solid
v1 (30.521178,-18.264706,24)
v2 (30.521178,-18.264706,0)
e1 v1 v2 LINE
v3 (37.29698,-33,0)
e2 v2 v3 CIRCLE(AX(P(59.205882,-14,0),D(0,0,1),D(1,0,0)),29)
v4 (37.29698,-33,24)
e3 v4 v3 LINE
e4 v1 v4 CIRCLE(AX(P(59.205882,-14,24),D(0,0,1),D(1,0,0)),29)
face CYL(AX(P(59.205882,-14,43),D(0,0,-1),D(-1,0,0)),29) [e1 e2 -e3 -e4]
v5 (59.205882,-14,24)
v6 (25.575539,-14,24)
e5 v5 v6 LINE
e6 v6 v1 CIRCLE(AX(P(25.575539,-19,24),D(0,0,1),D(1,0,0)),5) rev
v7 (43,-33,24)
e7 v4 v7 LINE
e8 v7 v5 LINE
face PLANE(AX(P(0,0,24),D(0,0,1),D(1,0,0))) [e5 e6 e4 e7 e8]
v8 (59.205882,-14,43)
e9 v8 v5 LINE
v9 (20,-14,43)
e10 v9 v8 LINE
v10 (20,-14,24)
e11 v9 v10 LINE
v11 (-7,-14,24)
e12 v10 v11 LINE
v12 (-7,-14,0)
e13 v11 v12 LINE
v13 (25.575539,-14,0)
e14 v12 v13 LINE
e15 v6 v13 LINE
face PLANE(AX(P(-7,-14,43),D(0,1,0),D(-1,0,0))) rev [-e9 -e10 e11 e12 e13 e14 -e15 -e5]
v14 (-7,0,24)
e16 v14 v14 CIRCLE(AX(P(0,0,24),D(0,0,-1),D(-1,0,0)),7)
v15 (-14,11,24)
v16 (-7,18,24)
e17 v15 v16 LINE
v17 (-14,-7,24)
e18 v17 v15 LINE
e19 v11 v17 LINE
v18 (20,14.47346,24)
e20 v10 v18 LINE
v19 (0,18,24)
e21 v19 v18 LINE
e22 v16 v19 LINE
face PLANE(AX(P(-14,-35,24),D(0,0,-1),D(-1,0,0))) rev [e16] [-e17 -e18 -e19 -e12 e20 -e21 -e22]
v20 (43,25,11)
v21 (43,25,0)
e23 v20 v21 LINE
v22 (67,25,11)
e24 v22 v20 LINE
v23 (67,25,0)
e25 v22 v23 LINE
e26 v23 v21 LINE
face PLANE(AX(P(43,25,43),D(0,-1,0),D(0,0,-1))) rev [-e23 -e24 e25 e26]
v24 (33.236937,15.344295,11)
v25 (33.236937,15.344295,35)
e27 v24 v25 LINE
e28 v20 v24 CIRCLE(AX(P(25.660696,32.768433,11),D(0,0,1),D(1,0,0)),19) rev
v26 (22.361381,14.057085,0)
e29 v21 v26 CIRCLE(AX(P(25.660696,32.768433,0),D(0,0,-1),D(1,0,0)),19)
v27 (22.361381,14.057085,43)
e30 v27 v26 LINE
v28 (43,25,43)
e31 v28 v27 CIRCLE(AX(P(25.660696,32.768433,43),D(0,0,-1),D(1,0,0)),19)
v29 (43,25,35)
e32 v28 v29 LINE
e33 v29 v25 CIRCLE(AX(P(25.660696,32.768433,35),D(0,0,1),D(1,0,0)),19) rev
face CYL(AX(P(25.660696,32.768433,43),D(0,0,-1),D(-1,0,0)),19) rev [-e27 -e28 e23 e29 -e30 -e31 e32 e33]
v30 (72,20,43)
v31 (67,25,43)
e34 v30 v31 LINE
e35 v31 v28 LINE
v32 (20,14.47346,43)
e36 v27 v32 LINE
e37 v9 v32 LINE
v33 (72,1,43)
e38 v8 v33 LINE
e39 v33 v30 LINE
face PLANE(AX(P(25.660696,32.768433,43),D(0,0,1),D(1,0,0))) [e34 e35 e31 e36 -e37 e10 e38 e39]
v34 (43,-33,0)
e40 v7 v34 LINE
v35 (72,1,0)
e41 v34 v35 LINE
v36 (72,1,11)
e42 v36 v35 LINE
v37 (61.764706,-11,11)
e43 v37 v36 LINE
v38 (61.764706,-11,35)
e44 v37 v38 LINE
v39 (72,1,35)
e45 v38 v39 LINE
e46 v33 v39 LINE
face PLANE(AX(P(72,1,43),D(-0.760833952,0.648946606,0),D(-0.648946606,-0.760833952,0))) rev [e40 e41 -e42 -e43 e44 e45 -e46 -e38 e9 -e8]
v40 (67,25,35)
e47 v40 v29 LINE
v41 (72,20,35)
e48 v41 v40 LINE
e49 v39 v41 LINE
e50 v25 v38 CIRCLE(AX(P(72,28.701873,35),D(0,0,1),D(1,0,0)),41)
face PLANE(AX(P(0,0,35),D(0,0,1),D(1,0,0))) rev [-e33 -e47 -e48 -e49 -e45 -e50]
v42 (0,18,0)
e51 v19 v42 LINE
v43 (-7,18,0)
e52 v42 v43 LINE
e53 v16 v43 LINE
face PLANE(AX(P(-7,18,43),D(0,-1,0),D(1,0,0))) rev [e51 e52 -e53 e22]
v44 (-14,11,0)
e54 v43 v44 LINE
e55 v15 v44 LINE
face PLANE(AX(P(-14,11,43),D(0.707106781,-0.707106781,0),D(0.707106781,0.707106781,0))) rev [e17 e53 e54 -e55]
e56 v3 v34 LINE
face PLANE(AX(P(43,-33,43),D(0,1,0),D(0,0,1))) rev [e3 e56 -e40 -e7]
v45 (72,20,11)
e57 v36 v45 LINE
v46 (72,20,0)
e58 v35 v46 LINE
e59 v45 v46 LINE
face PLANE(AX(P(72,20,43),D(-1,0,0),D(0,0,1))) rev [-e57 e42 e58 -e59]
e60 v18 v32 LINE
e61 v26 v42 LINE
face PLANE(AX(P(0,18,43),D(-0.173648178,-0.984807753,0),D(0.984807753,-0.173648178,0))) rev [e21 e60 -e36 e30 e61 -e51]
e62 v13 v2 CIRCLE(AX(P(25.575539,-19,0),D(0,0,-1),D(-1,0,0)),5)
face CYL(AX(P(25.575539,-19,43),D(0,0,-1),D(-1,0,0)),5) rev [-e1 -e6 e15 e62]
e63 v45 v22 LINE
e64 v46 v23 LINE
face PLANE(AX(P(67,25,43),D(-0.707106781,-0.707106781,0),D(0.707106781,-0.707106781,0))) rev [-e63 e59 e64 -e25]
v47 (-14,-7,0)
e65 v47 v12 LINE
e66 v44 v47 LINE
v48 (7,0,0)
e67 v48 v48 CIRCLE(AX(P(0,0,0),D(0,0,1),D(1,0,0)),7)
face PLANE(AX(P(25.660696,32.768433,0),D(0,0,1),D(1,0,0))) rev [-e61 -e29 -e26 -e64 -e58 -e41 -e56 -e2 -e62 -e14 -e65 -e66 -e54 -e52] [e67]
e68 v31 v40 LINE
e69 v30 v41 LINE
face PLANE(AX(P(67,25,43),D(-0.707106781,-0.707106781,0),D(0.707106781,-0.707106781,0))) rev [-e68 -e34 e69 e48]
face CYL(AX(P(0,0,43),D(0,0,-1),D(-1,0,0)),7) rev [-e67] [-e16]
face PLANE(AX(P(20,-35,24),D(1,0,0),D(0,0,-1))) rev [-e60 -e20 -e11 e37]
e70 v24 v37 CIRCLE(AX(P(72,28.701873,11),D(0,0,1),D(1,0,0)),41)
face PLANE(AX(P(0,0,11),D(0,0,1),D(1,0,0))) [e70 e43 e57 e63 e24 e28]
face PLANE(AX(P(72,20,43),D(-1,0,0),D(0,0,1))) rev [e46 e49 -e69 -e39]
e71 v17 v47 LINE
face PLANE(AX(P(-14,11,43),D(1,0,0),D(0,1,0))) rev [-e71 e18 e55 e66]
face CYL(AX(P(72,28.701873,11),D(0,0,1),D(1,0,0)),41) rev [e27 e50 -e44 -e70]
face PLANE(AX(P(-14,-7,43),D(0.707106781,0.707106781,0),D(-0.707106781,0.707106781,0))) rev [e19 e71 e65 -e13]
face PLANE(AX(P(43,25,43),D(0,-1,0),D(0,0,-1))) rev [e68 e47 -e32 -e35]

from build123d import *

# Parameters (mm, degrees)
SKETCH_2_R          = 7
EXTRUDE_1_DEPTH     = 43
SKETCH_5_W          = 34
SKETCH_5_H          = 19
CUT_EXTRUDE_2_DEPTH = 35
SKETCH_6_W          = 62.498626105
SKETCH_6_H          = 38.983271372
CUT_EXTRUDE_3_DEPTH = 19
CUT_EXTRUDE_START   = -32
CUT_EXTRUDE_5_DEPTH = 24


with BuildPart() as part:
    # 草圖2 → 填料-伸長1 (new body)
    with BuildSketch(Plane.XY):
        with BuildLine():
            Line((-14, 11), (-14, -7))
            Line((-14, -7), (-7, -14))
            Line((-7, -14), (25.575538911, -14))
            ThreePointArc((25.575538911, -14), (28.840774692, -15.213413768), (30.521177653, -18.264705882))
            ThreePointArc((30.521177653, -18.264705882), (32.858007856, -26.115672061), (37.296980053, -33))
            Line((37.296980053, -33), (43, -33))
            Line((43, -33), (72, 1))
            Line((72, 1), (72, 20))
            Line((72, 20), (67, 25))
            Line((67, 25), (43, 25))
            ThreePointArc((43, 25), (34.561098706, 15.982044142), (22.361380836, 14.057085233))
            Line((22.361380836, 14.057085233), (0, 18))
            Line((0, 18), (-7, 18))
            Line((-7, 18), (-14, 11))
        make_face()
        Circle(SKETCH_2_R, mode=Mode.SUBTRACT)
    extrude(amount=EXTRUDE_1_DEPTH)

    # 草圖5 → 除料-伸長2 (cut, symmetric)
    with BuildSketch(Plane(origin=(0, 0, 0), x_dir=(1, 0, 0), z_dir=(0, 1, 0))):
        with Locations((3, -33.5)):
            Rectangle(SKETCH_5_W, SKETCH_5_H)
    extrude(amount=CUT_EXTRUDE_2_DEPTH, both=True, mode=Mode.SUBTRACT)

    # 草圖6 → 除料-伸長3 (cut)
    with BuildSketch(Plane.XY.offset(43)):
        with Locations((47.348473669, -33.491635686)):
            Rectangle(SKETCH_6_W, SKETCH_6_H)
    extrude(amount=-CUT_EXTRUDE_3_DEPTH, mode=Mode.SUBTRACT)

    # 草圖9 → 除料-伸長5 (cut)
    with BuildSketch(Plane.XY.offset(43).offset(CUT_EXTRUDE_START)):
        with BuildLine():
            ThreePointArc((33.236936549, 15.344294617), (44.184262982, -1.419294771), (61.764705882, -11))
            Line((61.764705882, -11), (72, 1))
            Line((72, 1), (72, 20))
            Line((72, 20), (67, 25))
            Line((67, 25), (43, 25))
            ThreePointArc((43, 25), (39.021244343, 19.259333621), (33.236936549, 15.344294617))
        make_face()
        with BuildLine():
            Line((72, 1), (61.764705882, -11))
            ThreePointArc((61.764705882, -11), (97.113272797, -3.706821839), (113, 28.701873436))
            ThreePointArc((113, 28.701873436), (65.22820561, 69.138772436), (33.236936549, 15.344294617))
            ThreePointArc((33.236936549, 15.344294617), (39.021244343, 19.259333621), (43, 25))
            Line((43, 25), (67, 25))
            Line((67, 25), (72, 20))
            Line((72, 20), (72, 1))
        make_face()
    extrude(amount=CUT_EXTRUDE_5_DEPTH, mode=Mode.SUBTRACT)


solid = part.part
